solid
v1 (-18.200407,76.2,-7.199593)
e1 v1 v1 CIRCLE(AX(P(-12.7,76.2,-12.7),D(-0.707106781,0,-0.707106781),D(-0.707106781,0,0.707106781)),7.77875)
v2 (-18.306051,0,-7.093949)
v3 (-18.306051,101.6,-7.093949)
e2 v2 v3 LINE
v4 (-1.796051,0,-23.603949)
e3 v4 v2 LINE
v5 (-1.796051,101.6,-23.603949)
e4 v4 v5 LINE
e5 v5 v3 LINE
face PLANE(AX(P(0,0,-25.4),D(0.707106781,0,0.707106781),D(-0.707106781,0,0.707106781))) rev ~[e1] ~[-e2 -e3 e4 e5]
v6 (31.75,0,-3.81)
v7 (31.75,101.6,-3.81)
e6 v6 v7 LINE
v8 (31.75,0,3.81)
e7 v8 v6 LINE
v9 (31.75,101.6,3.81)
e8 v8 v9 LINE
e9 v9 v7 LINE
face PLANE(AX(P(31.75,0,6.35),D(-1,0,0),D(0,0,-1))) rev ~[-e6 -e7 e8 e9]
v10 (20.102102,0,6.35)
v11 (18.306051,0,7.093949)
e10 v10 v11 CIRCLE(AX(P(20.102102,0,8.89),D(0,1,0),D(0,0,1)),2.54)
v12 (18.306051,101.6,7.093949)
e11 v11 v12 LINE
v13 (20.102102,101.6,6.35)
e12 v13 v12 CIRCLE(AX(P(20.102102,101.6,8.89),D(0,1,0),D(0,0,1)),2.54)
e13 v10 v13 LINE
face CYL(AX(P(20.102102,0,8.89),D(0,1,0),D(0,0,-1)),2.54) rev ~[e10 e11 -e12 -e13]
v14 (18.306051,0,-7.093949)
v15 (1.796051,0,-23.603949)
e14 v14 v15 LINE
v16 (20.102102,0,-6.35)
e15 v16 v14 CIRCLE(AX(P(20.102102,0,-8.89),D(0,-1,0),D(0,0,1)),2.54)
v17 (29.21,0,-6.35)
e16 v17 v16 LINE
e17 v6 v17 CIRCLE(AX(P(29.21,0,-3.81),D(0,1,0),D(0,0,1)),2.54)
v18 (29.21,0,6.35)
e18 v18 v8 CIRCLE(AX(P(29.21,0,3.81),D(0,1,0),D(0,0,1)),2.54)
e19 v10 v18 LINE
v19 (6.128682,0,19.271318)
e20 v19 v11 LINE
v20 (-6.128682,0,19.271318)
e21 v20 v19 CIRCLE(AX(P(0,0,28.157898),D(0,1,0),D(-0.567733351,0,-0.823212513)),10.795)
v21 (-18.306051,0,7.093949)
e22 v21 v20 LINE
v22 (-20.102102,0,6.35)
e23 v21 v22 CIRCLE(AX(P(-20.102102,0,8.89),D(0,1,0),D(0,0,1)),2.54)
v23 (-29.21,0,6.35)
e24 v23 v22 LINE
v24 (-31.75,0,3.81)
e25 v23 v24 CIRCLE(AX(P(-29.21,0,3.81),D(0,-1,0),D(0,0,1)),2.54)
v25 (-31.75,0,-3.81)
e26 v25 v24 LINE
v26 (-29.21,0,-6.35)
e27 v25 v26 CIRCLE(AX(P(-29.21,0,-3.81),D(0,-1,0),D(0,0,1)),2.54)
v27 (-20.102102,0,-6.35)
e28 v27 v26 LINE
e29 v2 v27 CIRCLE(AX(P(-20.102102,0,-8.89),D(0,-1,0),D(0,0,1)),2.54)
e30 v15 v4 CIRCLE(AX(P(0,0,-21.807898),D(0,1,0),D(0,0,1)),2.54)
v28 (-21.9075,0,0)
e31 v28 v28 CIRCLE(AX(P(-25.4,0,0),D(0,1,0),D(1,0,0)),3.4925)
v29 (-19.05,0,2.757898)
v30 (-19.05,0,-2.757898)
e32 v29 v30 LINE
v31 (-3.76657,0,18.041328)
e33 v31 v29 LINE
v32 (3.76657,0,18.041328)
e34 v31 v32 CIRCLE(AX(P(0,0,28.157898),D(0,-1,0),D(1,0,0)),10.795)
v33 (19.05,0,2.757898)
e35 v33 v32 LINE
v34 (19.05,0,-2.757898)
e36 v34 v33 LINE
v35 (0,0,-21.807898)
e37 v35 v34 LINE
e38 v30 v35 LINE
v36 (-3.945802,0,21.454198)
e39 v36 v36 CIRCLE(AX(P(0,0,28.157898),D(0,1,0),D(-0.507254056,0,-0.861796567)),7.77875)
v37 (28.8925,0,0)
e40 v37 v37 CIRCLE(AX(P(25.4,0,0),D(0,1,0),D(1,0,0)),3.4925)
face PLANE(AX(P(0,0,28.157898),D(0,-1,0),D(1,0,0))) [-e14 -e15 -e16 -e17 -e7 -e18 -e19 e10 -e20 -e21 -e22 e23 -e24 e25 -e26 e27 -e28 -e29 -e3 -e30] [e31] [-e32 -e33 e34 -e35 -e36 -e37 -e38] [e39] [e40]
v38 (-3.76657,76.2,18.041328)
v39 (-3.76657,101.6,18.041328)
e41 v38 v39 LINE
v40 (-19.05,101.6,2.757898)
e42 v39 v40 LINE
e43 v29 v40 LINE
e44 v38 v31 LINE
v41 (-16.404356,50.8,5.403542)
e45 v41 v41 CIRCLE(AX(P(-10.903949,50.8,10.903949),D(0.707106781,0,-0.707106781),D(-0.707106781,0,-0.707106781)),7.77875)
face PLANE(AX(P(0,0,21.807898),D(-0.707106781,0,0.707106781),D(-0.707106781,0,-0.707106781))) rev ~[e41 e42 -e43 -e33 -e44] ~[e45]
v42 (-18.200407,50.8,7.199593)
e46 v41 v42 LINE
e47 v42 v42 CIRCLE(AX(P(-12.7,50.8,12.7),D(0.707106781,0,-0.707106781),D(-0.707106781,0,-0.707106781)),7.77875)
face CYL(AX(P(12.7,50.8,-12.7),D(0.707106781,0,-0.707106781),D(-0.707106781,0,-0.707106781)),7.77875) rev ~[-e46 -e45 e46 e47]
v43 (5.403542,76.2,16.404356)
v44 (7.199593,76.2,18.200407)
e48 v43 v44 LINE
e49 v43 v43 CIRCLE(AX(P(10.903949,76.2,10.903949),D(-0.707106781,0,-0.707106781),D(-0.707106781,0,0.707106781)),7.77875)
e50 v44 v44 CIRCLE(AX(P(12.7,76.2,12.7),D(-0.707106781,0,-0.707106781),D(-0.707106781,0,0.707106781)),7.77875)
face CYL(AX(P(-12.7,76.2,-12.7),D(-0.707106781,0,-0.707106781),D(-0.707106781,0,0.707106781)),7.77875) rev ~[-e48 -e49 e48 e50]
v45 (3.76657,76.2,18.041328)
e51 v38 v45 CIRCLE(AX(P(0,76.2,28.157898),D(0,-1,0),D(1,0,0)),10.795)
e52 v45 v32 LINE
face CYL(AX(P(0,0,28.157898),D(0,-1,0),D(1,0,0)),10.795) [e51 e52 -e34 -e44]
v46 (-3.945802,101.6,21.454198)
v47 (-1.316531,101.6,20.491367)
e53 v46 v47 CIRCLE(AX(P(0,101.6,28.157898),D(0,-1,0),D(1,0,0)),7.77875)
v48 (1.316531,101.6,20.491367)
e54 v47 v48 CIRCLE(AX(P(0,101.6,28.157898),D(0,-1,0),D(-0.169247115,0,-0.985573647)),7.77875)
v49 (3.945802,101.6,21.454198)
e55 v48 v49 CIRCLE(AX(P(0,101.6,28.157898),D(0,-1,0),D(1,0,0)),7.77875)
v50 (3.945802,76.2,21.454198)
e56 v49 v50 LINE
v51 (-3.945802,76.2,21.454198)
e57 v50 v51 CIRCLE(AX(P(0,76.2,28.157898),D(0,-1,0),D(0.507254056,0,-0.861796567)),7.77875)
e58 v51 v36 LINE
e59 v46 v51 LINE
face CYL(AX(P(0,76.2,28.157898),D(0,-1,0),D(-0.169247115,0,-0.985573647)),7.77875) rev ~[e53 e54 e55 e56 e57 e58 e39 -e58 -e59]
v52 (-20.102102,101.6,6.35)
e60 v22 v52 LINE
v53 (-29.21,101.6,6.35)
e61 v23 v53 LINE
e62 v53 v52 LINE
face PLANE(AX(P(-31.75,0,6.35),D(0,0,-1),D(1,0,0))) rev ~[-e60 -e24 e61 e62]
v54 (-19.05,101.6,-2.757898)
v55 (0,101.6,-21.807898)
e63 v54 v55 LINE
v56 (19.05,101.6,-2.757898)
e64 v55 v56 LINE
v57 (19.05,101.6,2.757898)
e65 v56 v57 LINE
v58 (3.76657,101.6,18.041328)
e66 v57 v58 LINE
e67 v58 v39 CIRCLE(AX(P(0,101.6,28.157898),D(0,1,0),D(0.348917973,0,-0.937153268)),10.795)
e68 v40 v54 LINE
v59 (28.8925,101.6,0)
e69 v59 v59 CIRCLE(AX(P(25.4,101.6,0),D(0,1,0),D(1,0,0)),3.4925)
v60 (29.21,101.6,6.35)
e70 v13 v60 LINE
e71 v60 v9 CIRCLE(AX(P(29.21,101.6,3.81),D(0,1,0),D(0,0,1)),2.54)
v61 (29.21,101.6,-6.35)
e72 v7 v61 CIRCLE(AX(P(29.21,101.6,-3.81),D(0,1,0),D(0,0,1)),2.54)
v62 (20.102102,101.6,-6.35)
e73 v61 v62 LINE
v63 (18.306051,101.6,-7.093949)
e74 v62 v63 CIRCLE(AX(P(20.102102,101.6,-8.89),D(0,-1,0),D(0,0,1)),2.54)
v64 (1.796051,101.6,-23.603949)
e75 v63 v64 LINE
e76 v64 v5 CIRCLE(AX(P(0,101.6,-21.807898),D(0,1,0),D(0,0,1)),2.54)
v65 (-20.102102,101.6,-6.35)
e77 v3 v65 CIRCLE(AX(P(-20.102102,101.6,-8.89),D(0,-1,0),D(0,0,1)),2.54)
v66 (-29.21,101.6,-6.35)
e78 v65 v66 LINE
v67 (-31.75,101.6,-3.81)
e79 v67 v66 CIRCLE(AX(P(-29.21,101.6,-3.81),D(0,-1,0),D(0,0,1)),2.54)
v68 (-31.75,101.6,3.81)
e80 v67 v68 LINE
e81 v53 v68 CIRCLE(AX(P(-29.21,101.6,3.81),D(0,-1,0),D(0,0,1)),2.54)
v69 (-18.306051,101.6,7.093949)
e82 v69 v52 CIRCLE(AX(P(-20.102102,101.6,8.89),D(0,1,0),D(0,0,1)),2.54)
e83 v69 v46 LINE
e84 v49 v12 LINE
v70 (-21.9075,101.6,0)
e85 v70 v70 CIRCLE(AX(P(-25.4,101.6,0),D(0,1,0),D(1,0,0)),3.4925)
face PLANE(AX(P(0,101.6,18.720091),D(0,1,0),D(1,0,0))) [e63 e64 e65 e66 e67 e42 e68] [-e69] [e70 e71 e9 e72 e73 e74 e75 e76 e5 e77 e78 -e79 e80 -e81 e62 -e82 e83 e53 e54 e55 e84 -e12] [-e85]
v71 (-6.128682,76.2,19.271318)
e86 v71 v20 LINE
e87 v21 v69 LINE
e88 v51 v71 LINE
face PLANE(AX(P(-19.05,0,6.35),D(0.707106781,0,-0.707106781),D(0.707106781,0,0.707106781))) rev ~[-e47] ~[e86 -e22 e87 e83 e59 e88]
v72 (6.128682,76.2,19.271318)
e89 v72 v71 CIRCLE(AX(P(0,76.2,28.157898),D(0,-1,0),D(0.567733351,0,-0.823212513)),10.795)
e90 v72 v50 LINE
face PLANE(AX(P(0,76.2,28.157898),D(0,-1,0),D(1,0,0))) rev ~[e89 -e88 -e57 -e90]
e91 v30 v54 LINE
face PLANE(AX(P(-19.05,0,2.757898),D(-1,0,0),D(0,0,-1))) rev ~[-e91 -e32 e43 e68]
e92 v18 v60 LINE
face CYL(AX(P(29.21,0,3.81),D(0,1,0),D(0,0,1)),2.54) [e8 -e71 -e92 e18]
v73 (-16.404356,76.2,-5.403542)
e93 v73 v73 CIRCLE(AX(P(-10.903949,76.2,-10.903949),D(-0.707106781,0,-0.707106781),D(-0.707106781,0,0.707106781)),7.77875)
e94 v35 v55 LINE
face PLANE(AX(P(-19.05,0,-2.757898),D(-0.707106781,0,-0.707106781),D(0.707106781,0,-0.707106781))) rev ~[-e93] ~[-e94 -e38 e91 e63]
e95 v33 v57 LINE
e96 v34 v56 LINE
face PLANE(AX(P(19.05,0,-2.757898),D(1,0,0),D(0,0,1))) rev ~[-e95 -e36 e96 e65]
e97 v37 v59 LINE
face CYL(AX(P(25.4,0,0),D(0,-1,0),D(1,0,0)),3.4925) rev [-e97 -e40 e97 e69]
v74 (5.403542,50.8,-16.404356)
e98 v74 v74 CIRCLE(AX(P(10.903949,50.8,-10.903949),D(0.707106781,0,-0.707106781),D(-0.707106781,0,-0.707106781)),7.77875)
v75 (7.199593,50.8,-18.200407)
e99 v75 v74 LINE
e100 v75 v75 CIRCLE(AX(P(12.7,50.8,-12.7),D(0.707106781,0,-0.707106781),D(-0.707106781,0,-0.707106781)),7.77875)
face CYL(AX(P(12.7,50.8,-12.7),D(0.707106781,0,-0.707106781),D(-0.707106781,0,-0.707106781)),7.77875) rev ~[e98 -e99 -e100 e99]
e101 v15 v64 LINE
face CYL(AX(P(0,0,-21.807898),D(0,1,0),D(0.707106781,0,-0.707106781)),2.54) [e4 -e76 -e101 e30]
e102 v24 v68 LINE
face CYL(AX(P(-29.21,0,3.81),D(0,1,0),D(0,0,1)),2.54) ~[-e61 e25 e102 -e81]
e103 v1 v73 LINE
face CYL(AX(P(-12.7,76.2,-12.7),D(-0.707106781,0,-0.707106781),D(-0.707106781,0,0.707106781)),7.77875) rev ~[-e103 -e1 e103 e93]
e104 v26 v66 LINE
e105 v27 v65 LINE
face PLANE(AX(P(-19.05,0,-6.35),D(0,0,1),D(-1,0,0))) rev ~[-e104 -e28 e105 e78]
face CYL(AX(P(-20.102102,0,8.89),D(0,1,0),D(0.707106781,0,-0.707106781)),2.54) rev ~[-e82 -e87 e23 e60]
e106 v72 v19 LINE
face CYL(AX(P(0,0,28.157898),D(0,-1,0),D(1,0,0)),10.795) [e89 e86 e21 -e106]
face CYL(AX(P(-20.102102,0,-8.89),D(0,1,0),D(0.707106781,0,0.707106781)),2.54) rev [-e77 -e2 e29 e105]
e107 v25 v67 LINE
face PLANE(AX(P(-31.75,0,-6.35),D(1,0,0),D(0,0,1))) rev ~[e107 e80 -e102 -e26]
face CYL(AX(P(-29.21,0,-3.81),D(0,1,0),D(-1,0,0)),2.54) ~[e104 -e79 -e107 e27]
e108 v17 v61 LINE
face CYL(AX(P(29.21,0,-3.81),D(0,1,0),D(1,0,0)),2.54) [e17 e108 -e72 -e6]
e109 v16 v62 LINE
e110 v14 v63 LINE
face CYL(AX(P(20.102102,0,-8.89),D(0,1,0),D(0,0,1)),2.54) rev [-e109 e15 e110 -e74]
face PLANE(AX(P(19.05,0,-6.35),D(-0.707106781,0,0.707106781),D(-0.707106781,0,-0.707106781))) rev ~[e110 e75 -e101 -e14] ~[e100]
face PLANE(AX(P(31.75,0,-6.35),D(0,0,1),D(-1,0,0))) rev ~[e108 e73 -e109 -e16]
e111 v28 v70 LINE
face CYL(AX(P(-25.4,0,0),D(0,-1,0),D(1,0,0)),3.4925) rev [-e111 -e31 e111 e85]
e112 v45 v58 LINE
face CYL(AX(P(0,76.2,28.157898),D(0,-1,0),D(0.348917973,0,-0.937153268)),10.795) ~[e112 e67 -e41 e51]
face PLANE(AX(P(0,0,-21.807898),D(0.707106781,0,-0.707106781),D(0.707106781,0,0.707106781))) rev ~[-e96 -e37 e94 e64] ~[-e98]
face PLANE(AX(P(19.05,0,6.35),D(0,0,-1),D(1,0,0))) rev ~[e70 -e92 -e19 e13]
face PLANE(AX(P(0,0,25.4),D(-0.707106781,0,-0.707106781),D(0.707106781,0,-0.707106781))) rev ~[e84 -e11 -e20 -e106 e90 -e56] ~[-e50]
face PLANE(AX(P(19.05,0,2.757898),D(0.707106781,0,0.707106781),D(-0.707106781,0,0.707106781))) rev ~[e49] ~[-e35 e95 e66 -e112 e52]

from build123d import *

# Parameters (mm, degrees)
SKETCH2_R               = 3.4925
BOSS_EXTRUDE1_DEPTH     = 101.6
FILLET1_R               = 2.54
SKETCH12_R              = 7.77875
CUT_EXTRUDE2_DEPTH      = 22.706691527
CUT_EXTRUDE2_DEPTH_BACK = 58.627716011
SKETCH13_R              = 7.77875
CUT_EXTRUDE3_DEPTH      = 22.706691527
CUT_EXTRUDE3_DEPTH_BACK = 58.627716011
SKETCH14_R              = 10.795
SKETCH14_R_2            = 7.77875
BOSS_EXTRUDE2_DEPTH     = 76.2
SKETCH14_2_R            = 7.77875
CUT_EXTRUDE4_DEPTH      = 102.6
BOSS_EXTRUDE3_DEPTH     = 25.4


with BuildPart() as part:
    # Sketch2 → Boss-Extrude1 (new body)
    with BuildSketch(Plane(origin=(0, 0, 0), x_dir=(1, 0, 0), z_dir=(0, 1, 0))):
        Polygon((19.05, -6.35), (31.75, -6.35), (31.75, 6.35), (19.05, 6.35), (0, 25.4), (-19.05, 6.35), (-31.75, 6.35), (-31.75, -6.35), (-19.05, -6.35), (0, -25.4), align=None)
        Polygon((-19.05, 2.757897552), (0, 21.807897552), (19.05, 2.757897552), (19.05, -2.757897552), (0, -21.807897552), (-19.05, -2.757897552), align=None, mode=Mode.SUBTRACT)
        with Locations((25.4, 0)):
            Circle(SKETCH2_R, mode=Mode.SUBTRACT)
        with Locations((-25.4, 0)):
            Circle(SKETCH2_R, mode=Mode.SUBTRACT)
    extrude(amount=BOSS_EXTRUDE1_DEPTH)

    # Fillet1
    fillet1_edges = [part.edges().sort_by_distance(p)[0] for p in [
        (0, 50.8, 25.4),
        (-19.05, 50.8, 6.35),
        (-31.75, 50.8, 6.35),
        (-31.75, 50.8, -6.35),
        (-19.05, 50.8, -6.35),
        (0, 50.8, -25.4),
        (19.05, 50.8, -6.35),
        (31.75, 50.8, -6.35),
        (31.75, 50.8, 6.35),
        (19.05, 50.8, 6.35),
    ]]
    fillet(fillet1_edges, radius=FILLET1_R)

    # Sketch12 → Cut-Extrude2 (cut, two sides)
    with BuildSketch(Plane(origin=(-12.7, 0, -12.7), x_dir=(-0.707106781, 0, 0.707106781), z_dir=(-0.707106781, 0, -0.707106781))) as cut_extrude2_sk:
        with Locations((0, 76.2)):
            Circle(SKETCH12_R)
    extrude(amount=CUT_EXTRUDE2_DEPTH, mode=Mode.SUBTRACT)
    extrude(cut_extrude2_sk.sketch, amount=-CUT_EXTRUDE2_DEPTH_BACK, mode=Mode.SUBTRACT)

    # Sketch13 → Cut-Extrude3 (cut, two sides)
    with BuildSketch(Plane(origin=(12.7, 0, -12.7), x_dir=(-0.707106781, 0, -0.707106781), z_dir=(0.707106781, 0, -0.707106781))) as cut_extrude3_sk:
        with Locations((0, 50.8)):
            Circle(SKETCH13_R)
    extrude(amount=CUT_EXTRUDE3_DEPTH, mode=Mode.SUBTRACT)
    extrude(cut_extrude3_sk.sketch, amount=-CUT_EXTRUDE3_DEPTH_BACK, mode=Mode.SUBTRACT)

    # Sketch14 → Boss-Extrude2 (add)
    with BuildSketch(Plane.XZ):
        with Locations((0, 28.157897552)):
            Circle(SKETCH14_R)
        with Locations((0, 28.157897552)):
            Circle(SKETCH14_R_2, mode=Mode.SUBTRACT)
    extrude(amount=-BOSS_EXTRUDE2_DEPTH)

    # Sketch14<2> → Cut-Extrude4 (cut, through all)
    with BuildSketch(Plane.XZ):
        with Locations((0, 28.157897552)):
            Circle(SKETCH14_2_R)
    extrude(amount=-CUT_EXTRUDE4_DEPTH, mode=Mode.SUBTRACT)

    # Sketch15 → Boss-Extrude3 (add)
    with BuildSketch(Plane(origin=(0, 76.2, 0), x_dir=(1, 0, 0), z_dir=(0, 1, 0))):
        with BuildLine():
            Line((1.316531006, -20.491366545), (3.766569527, -18.041328024))
            ThreePointArc((3.766569527, -18.041328024), (0, -17.362897552), (-3.766569527, -18.041328024))
            Line((-3.766569527, -18.041328024), (-1.316531006, -20.491366545))
            ThreePointArc((-1.316531006, -20.491366545), (0, -20.379147552), (1.316531006, -20.491366545))
        make_face()
    extrude(amount=BOSS_EXTRUDE3_DEPTH)


solid = part.part
